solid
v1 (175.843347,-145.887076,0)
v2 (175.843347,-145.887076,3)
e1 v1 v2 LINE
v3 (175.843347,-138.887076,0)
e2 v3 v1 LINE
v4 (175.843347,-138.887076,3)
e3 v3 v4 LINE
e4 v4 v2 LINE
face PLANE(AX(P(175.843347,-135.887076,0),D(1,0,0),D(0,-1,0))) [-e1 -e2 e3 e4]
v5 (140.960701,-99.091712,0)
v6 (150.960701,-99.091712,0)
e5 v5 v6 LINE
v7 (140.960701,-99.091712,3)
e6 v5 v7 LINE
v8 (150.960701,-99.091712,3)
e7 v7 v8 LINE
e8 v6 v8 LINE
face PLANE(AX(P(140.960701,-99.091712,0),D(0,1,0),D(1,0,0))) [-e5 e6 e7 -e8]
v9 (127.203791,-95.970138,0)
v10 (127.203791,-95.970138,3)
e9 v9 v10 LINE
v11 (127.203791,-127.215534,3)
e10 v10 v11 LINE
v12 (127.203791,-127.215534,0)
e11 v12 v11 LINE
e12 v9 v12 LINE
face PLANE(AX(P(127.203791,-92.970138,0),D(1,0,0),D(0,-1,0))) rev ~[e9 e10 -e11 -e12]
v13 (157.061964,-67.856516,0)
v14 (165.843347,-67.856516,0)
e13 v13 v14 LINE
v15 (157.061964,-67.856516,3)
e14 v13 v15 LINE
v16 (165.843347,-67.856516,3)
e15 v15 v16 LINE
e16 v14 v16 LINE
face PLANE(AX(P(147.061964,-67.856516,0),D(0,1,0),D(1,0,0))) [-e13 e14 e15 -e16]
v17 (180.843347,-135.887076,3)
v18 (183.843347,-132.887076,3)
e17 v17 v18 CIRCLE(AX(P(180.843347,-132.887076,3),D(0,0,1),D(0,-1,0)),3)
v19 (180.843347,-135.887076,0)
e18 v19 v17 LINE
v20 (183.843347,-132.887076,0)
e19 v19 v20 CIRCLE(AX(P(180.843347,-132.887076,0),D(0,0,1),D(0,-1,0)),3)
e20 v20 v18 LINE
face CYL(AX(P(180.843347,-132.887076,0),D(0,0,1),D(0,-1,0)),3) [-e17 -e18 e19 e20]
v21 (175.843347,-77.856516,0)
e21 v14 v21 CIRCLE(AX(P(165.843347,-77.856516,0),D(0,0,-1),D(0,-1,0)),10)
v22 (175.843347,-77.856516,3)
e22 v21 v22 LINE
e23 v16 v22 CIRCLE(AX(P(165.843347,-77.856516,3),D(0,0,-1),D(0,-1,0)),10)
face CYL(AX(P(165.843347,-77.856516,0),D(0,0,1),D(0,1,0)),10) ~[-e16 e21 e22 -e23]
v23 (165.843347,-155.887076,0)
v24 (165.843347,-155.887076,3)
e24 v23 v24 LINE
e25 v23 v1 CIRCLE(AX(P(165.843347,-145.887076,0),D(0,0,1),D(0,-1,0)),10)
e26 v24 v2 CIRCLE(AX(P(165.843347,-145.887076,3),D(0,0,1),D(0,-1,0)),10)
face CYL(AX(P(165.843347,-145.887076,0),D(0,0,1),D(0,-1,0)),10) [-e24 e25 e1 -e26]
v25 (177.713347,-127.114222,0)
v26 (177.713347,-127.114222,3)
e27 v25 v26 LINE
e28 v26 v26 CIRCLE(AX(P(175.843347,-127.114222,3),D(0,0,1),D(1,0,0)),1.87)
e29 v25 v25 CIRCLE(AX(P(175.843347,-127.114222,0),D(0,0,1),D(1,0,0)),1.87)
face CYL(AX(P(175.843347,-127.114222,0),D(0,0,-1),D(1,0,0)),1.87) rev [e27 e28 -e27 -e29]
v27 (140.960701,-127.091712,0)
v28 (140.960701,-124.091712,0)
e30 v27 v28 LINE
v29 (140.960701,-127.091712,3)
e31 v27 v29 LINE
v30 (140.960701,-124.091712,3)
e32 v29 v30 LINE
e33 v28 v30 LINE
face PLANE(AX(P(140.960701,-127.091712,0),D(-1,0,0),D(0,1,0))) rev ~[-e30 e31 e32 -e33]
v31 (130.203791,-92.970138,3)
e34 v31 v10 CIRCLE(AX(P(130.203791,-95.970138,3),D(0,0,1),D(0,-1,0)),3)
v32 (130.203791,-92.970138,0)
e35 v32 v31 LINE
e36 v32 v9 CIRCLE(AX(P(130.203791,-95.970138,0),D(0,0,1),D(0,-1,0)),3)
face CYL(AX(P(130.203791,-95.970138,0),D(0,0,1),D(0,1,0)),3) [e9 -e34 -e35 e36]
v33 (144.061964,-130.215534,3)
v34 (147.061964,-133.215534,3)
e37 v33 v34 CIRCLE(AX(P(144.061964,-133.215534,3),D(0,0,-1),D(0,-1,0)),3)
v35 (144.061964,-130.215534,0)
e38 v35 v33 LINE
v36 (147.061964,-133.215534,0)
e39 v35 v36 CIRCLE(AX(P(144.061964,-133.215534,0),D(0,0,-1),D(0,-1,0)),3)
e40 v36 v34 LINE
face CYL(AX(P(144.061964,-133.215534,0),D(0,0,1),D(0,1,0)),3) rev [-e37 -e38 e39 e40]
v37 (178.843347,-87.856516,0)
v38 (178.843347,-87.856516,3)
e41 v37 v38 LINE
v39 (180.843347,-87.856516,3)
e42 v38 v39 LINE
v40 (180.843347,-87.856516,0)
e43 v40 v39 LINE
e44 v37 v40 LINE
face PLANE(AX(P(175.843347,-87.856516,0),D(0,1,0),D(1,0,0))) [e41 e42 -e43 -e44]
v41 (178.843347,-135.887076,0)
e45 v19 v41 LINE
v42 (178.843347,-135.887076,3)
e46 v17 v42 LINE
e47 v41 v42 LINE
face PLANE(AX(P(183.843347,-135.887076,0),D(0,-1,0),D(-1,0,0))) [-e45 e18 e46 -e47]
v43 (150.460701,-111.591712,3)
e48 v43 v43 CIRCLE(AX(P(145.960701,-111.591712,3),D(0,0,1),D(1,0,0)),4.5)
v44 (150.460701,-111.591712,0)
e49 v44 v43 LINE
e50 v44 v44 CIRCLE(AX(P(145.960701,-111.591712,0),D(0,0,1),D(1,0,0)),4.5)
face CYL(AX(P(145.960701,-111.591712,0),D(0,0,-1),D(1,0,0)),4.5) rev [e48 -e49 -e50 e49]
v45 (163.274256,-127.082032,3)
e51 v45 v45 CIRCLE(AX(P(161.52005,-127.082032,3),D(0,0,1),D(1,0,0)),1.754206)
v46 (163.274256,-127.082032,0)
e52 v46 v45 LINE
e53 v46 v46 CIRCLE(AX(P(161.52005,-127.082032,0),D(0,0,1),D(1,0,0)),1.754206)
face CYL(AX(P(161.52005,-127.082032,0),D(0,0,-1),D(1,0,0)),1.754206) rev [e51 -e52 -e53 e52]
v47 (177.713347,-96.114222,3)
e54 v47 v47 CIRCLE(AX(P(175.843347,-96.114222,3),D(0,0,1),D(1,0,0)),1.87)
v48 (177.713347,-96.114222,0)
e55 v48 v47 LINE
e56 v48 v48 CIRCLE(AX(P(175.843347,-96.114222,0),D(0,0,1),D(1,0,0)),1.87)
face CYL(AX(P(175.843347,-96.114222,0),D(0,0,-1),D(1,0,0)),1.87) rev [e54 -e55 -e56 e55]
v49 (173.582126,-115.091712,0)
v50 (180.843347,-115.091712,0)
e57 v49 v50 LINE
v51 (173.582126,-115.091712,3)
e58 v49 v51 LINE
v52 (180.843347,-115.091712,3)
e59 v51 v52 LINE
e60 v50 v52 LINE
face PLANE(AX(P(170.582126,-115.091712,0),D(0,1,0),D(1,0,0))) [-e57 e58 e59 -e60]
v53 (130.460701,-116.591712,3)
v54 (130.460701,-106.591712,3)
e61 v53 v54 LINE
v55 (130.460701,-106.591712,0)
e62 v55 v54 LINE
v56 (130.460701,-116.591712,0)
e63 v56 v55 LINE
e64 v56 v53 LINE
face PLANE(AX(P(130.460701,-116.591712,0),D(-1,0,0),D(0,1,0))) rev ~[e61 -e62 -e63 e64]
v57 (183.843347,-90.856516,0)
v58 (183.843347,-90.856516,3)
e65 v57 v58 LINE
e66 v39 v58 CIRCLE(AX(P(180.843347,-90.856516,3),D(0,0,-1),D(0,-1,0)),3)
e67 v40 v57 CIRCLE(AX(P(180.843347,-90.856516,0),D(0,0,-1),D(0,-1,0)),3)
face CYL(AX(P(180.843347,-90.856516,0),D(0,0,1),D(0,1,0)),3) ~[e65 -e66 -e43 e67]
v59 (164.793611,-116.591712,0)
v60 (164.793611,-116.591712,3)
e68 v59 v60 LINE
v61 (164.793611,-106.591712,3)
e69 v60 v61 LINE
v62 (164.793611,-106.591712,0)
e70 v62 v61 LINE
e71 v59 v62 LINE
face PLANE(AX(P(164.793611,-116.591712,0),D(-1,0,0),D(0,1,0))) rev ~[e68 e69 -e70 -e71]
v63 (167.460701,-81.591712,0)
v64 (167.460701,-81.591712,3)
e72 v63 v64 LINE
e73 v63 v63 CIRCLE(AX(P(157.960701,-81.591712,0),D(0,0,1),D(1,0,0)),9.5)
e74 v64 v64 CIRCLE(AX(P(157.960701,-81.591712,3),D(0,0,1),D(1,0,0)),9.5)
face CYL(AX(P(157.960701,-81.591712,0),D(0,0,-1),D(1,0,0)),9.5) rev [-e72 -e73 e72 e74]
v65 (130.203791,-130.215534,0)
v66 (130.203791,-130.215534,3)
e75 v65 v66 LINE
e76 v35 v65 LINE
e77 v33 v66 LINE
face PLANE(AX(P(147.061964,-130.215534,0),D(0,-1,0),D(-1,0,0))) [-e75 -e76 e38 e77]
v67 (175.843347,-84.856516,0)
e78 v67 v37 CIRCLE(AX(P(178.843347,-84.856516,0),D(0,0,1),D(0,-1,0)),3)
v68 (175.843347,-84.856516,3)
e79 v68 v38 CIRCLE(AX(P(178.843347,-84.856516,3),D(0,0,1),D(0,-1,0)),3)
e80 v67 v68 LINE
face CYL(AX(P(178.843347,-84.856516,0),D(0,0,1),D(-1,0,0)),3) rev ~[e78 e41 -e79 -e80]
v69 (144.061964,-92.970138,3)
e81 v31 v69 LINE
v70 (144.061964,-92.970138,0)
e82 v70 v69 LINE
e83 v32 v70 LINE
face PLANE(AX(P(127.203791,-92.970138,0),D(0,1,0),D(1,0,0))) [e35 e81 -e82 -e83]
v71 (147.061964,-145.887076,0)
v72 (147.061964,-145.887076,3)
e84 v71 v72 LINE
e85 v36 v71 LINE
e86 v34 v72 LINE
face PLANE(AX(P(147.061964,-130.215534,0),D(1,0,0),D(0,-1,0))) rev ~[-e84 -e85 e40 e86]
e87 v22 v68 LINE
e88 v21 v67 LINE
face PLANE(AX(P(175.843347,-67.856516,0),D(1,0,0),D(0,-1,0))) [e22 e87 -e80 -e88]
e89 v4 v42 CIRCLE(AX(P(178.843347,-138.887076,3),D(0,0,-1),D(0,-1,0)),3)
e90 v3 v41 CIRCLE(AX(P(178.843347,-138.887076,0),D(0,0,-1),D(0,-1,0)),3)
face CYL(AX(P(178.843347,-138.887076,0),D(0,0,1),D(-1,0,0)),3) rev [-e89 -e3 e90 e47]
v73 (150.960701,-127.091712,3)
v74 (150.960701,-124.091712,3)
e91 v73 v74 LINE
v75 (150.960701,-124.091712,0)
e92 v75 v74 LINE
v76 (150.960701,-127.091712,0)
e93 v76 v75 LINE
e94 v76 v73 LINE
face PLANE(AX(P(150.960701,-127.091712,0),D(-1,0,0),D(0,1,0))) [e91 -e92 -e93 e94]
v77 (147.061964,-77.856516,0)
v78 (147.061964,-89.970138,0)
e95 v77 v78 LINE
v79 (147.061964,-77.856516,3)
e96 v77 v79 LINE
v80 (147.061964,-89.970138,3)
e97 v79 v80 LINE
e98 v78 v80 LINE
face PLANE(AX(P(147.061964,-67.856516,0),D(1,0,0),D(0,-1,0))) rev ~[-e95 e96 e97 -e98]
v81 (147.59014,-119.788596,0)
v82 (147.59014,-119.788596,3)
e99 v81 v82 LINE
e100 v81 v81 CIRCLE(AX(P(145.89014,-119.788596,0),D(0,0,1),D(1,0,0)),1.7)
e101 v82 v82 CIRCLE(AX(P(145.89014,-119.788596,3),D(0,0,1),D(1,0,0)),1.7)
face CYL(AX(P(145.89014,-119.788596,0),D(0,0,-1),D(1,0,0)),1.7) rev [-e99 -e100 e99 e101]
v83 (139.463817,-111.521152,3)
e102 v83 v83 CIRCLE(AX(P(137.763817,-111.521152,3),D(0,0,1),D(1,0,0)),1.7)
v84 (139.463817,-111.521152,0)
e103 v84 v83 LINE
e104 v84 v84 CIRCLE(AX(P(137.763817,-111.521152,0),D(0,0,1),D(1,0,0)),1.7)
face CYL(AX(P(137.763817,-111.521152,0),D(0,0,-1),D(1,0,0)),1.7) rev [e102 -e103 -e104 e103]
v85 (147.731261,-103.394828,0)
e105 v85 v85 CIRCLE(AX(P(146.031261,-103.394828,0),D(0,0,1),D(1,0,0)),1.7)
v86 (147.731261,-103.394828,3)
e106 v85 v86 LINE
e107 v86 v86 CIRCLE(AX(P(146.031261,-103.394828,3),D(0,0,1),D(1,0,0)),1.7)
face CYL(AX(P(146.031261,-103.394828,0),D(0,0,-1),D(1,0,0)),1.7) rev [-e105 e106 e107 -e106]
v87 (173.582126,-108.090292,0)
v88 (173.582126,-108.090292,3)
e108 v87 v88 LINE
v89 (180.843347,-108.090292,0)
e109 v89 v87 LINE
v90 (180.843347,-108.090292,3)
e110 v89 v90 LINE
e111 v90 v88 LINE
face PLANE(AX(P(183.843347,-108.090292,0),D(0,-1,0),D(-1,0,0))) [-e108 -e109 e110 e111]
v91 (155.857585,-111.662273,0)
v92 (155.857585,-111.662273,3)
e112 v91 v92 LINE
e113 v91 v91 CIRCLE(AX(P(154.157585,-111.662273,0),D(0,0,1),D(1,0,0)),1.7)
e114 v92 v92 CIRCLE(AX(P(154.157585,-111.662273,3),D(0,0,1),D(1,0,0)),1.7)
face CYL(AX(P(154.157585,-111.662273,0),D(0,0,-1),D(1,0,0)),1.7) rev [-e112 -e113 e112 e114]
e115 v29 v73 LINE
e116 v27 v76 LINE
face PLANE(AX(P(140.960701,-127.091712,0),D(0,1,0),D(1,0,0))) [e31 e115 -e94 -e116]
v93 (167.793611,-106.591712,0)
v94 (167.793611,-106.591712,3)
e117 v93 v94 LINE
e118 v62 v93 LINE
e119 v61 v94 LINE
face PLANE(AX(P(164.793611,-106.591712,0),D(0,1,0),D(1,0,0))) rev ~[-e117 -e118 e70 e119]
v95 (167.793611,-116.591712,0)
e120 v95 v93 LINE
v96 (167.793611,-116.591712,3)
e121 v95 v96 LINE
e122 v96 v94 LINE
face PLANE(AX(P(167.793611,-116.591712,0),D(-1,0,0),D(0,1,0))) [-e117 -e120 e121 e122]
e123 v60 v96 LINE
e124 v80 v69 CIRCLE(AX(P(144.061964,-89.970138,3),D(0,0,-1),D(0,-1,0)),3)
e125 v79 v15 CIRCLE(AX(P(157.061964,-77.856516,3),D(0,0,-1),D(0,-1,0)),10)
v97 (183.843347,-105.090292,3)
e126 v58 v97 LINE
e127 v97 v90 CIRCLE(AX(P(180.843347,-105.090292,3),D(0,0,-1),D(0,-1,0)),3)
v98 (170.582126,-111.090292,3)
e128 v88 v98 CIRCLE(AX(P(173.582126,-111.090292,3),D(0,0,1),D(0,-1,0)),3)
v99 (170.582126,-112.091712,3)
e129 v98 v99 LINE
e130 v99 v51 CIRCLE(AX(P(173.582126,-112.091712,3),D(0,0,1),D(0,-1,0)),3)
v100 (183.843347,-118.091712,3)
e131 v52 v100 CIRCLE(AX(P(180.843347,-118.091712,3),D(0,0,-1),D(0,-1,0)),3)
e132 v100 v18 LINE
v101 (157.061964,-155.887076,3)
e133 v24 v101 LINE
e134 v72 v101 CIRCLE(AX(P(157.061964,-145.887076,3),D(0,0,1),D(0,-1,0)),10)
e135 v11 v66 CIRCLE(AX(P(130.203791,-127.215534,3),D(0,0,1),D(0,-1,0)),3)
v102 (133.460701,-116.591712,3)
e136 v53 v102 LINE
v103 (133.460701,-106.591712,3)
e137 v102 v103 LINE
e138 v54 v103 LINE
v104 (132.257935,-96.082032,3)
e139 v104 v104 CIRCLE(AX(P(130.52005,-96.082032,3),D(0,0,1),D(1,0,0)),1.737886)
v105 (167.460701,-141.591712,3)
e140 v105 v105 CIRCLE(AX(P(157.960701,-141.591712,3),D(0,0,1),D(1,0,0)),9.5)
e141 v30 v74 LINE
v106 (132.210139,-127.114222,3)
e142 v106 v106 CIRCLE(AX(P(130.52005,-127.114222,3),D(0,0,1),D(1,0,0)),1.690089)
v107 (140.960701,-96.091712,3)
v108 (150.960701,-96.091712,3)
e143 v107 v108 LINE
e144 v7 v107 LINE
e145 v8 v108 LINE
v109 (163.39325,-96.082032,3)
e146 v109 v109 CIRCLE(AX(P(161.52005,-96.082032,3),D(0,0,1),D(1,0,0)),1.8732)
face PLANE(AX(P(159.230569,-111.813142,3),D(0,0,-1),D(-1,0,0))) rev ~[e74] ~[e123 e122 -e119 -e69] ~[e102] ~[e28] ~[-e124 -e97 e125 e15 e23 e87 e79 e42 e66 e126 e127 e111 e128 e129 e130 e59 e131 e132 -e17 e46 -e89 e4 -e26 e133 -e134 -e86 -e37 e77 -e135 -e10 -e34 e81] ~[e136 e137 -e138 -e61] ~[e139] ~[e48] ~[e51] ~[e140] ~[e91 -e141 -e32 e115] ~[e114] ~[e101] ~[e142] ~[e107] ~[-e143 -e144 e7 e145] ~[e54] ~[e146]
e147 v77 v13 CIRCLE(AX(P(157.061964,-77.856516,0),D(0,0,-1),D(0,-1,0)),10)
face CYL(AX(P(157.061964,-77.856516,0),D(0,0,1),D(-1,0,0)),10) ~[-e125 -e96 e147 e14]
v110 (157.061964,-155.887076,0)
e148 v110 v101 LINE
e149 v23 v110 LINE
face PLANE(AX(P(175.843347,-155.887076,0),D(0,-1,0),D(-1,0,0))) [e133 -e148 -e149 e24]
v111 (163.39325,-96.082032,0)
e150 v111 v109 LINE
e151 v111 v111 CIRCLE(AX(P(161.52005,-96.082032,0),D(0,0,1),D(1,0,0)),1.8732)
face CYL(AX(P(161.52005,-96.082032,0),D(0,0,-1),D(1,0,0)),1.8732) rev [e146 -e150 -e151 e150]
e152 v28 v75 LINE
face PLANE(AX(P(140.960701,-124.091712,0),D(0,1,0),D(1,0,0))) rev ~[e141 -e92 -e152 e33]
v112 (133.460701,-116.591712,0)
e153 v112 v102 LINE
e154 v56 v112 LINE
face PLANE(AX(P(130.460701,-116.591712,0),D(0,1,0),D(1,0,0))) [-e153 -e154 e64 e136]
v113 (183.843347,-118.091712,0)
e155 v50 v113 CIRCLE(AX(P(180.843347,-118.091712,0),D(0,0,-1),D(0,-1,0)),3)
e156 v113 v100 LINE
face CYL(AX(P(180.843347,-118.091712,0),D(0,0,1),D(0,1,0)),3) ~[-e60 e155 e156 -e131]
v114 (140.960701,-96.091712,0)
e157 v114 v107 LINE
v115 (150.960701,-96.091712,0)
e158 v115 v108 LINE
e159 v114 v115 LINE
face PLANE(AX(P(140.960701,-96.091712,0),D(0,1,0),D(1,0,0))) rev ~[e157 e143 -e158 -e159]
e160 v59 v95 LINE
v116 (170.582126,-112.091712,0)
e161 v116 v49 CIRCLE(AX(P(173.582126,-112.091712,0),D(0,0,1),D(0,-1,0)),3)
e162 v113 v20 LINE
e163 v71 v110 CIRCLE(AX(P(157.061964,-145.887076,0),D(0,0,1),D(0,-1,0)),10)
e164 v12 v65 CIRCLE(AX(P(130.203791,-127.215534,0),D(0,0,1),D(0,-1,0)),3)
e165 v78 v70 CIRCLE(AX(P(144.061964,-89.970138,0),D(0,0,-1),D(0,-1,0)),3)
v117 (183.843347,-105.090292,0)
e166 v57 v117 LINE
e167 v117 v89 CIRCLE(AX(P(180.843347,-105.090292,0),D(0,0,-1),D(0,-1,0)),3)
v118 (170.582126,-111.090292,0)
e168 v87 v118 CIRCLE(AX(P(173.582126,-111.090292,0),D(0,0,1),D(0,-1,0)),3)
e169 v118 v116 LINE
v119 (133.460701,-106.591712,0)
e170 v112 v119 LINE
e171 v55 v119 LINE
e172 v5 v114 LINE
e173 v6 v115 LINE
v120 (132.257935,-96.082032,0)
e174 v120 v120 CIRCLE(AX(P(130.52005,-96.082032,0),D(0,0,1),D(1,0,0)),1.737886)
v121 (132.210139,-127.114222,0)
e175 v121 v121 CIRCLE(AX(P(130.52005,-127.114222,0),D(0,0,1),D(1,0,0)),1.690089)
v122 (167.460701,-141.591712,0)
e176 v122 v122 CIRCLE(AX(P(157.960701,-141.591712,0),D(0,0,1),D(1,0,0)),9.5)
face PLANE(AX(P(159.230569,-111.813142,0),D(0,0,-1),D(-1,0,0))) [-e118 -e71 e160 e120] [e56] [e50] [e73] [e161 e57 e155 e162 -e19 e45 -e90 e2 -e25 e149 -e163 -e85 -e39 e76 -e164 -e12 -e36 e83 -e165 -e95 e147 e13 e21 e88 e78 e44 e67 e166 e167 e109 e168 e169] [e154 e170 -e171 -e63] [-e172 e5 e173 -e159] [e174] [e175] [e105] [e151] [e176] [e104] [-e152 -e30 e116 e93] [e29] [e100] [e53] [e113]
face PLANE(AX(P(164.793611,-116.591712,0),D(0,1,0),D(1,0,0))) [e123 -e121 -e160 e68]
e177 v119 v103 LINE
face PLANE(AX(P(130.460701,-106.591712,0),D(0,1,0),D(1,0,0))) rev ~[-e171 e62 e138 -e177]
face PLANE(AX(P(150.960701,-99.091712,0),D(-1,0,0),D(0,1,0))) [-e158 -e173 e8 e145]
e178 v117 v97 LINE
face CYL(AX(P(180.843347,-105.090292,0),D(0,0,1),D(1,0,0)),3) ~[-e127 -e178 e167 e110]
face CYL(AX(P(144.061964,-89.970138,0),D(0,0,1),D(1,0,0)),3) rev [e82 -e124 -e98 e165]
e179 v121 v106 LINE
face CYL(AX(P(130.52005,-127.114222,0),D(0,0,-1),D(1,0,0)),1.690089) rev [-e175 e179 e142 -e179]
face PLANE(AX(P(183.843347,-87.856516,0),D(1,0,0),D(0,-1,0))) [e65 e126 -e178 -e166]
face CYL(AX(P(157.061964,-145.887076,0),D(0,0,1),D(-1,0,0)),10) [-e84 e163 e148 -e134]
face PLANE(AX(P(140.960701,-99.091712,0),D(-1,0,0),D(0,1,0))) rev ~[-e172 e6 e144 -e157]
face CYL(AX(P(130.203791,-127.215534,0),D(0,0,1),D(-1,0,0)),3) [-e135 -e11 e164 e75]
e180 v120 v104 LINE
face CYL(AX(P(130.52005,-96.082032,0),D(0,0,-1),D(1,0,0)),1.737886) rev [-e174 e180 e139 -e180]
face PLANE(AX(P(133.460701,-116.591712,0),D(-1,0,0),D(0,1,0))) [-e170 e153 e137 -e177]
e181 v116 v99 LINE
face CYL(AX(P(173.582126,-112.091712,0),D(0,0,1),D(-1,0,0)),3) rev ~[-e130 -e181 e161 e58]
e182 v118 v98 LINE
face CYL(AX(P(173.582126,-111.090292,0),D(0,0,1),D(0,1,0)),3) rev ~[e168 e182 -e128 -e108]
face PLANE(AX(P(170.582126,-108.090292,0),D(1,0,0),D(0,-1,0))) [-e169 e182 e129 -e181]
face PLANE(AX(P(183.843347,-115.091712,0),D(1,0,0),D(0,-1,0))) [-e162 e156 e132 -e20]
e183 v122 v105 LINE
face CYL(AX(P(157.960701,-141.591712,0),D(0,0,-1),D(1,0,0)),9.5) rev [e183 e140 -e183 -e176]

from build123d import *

# Parameters (mm, degrees)
SKETCH1_R           = 1.737885662
SKETCH1_R_2         = 1.873200063
SKETCH1_R_3         = 1.690089146
SKETCH1_R_4         = 1.754205974
SKETCH1_R_5         = 1.7
SKETCH1_R_6         = 4.5
SKETCH1_R_7         = 1.87
SKETCH1_R_8         = 9.5
SKETCH1_W           = 3
SKETCH1_H           = 10
SKETCH1_W_2         = 10
SKETCH1_H_2         = 3
BOSS_EXTRUDE1_DEPTH = 3
FILLET1_R           = 10
FILLET2_R           = 3


with BuildPart() as part:
    # Sketch1 → Boss-Extrude1 (new body)
    with BuildSketch(Plane.XY):
        Polygon((147.061964125, -92.970138098), (147.061964125, -71.856515964), (147.061964125, -67.856515964), (175.843347401, -67.856515964), (175.843347401, -87.856515964), (183.843347401, -87.856515964), (183.843347401, -108.090292187), (170.582125914, -108.090292187), (170.582125914, -115.091712302), (183.843347401, -115.091712302), (183.843347401, -135.887076434), (175.843347401, -135.887076434), (175.843347401, -155.887076434), (147.061964125, -155.887076434), (147.061964125, -151.887076434), (147.061964125, -130.215533927), (127.203791419, -130.215533927), (127.203791419, -111.591712302), (127.203791419, -92.970138098), align=None)
        with Locations((130.520049527, -96.082032258)):
            Circle(SKETCH1_R, mode=Mode.SUBTRACT)
        with Locations((161.520049527, -96.082032258)):
            Circle(SKETCH1_R_2, mode=Mode.SUBTRACT)
        with Locations((130.520049527, -127.114221831)):
            Circle(SKETCH1_R_3, mode=Mode.SUBTRACT)
        with Locations((161.520049527, -127.082032258)):
            Circle(SKETCH1_R_4, mode=Mode.SUBTRACT)
        with Locations((154.157584865, -111.662272701)):
            Circle(SKETCH1_R_5, mode=Mode.SUBTRACT)
        with Locations((145.89014032, -119.788596448)):
            Circle(SKETCH1_R_5, mode=Mode.SUBTRACT)
        with Locations((137.763816574, -111.521151903)):
            Circle(SKETCH1_R_5, mode=Mode.SUBTRACT)
        with Locations((146.031261118, -103.394828157)):
            Circle(SKETCH1_R_5, mode=Mode.SUBTRACT)
        with Locations((145.960700719, -111.591712302)):
            Circle(SKETCH1_R_6, mode=Mode.SUBTRACT)
        with Locations((175.843347401, -96.114221831)):
            Circle(SKETCH1_R_7, mode=Mode.SUBTRACT)
        with Locations((157.960700719, -81.591712302)):
            Circle(SKETCH1_R_8, mode=Mode.SUBTRACT)
        with Locations((157.960700719, -141.591712302)):
            Circle(SKETCH1_R_8, mode=Mode.SUBTRACT)
        with Locations((175.843347401, -127.114221831)):
            Circle(SKETCH1_R_7, mode=Mode.SUBTRACT)
        with Locations((131.960700719, -111.591712302)):
            Rectangle(SKETCH1_W, SKETCH1_H, mode=Mode.SUBTRACT)
        with Locations((145.960700719, -97.591712302)):
            Rectangle(SKETCH1_W_2, SKETCH1_H_2, mode=Mode.SUBTRACT)
        with Locations((145.960700719, -125.591712302)):
            Rectangle(SKETCH1_W_2, SKETCH1_H_2, mode=Mode.SUBTRACT)
        with Locations((166.293610901, -111.591712302)):
            Rectangle(SKETCH1_W, SKETCH1_H, mode=Mode.SUBTRACT)
    extrude(amount=BOSS_EXTRUDE1_DEPTH)

    # Fillet1
    fillet1_edges = [part.edges().sort_by_distance(p)[0] for p in [
        (147.061964125, -67.856515964, 1.5),
        (175.843347401, -67.856515964, 1.5),
        (175.843347401, -155.887076434, 1.5),
        (147.061964125, -155.887076434, 1.5),
    ]]
    fillet(fillet1_edges, radius=FILLET1_R)

    # Fillet2
    fillet2_edges = [part.edges().sort_by_distance(p)[0] for p in [
        (175.843347401, -87.856515964, 1.5),
        (183.843347401, -87.856515964, 1.5),
        (183.843347401, -108.090292187, 1.5),
        (170.582125914, -108.090292187, 1.5),
        (170.582125914, -115.091712302, 1.5),
        (183.843347401, -115.091712302, 1.5),
        (183.843347401, -135.887076434, 1.5),
        (175.843347401, -135.887076434, 1.5),
        (147.061964125, -130.215533927, 1.5),
        (127.203791419, -130.215533927, 1.5),
        (127.203791419, -92.970138098, 1.5),
        (147.061964125, -92.970138098, 1.5),
    ]]
    fillet(fillet2_edges, radius=FILLET2_R)


solid = part.part
